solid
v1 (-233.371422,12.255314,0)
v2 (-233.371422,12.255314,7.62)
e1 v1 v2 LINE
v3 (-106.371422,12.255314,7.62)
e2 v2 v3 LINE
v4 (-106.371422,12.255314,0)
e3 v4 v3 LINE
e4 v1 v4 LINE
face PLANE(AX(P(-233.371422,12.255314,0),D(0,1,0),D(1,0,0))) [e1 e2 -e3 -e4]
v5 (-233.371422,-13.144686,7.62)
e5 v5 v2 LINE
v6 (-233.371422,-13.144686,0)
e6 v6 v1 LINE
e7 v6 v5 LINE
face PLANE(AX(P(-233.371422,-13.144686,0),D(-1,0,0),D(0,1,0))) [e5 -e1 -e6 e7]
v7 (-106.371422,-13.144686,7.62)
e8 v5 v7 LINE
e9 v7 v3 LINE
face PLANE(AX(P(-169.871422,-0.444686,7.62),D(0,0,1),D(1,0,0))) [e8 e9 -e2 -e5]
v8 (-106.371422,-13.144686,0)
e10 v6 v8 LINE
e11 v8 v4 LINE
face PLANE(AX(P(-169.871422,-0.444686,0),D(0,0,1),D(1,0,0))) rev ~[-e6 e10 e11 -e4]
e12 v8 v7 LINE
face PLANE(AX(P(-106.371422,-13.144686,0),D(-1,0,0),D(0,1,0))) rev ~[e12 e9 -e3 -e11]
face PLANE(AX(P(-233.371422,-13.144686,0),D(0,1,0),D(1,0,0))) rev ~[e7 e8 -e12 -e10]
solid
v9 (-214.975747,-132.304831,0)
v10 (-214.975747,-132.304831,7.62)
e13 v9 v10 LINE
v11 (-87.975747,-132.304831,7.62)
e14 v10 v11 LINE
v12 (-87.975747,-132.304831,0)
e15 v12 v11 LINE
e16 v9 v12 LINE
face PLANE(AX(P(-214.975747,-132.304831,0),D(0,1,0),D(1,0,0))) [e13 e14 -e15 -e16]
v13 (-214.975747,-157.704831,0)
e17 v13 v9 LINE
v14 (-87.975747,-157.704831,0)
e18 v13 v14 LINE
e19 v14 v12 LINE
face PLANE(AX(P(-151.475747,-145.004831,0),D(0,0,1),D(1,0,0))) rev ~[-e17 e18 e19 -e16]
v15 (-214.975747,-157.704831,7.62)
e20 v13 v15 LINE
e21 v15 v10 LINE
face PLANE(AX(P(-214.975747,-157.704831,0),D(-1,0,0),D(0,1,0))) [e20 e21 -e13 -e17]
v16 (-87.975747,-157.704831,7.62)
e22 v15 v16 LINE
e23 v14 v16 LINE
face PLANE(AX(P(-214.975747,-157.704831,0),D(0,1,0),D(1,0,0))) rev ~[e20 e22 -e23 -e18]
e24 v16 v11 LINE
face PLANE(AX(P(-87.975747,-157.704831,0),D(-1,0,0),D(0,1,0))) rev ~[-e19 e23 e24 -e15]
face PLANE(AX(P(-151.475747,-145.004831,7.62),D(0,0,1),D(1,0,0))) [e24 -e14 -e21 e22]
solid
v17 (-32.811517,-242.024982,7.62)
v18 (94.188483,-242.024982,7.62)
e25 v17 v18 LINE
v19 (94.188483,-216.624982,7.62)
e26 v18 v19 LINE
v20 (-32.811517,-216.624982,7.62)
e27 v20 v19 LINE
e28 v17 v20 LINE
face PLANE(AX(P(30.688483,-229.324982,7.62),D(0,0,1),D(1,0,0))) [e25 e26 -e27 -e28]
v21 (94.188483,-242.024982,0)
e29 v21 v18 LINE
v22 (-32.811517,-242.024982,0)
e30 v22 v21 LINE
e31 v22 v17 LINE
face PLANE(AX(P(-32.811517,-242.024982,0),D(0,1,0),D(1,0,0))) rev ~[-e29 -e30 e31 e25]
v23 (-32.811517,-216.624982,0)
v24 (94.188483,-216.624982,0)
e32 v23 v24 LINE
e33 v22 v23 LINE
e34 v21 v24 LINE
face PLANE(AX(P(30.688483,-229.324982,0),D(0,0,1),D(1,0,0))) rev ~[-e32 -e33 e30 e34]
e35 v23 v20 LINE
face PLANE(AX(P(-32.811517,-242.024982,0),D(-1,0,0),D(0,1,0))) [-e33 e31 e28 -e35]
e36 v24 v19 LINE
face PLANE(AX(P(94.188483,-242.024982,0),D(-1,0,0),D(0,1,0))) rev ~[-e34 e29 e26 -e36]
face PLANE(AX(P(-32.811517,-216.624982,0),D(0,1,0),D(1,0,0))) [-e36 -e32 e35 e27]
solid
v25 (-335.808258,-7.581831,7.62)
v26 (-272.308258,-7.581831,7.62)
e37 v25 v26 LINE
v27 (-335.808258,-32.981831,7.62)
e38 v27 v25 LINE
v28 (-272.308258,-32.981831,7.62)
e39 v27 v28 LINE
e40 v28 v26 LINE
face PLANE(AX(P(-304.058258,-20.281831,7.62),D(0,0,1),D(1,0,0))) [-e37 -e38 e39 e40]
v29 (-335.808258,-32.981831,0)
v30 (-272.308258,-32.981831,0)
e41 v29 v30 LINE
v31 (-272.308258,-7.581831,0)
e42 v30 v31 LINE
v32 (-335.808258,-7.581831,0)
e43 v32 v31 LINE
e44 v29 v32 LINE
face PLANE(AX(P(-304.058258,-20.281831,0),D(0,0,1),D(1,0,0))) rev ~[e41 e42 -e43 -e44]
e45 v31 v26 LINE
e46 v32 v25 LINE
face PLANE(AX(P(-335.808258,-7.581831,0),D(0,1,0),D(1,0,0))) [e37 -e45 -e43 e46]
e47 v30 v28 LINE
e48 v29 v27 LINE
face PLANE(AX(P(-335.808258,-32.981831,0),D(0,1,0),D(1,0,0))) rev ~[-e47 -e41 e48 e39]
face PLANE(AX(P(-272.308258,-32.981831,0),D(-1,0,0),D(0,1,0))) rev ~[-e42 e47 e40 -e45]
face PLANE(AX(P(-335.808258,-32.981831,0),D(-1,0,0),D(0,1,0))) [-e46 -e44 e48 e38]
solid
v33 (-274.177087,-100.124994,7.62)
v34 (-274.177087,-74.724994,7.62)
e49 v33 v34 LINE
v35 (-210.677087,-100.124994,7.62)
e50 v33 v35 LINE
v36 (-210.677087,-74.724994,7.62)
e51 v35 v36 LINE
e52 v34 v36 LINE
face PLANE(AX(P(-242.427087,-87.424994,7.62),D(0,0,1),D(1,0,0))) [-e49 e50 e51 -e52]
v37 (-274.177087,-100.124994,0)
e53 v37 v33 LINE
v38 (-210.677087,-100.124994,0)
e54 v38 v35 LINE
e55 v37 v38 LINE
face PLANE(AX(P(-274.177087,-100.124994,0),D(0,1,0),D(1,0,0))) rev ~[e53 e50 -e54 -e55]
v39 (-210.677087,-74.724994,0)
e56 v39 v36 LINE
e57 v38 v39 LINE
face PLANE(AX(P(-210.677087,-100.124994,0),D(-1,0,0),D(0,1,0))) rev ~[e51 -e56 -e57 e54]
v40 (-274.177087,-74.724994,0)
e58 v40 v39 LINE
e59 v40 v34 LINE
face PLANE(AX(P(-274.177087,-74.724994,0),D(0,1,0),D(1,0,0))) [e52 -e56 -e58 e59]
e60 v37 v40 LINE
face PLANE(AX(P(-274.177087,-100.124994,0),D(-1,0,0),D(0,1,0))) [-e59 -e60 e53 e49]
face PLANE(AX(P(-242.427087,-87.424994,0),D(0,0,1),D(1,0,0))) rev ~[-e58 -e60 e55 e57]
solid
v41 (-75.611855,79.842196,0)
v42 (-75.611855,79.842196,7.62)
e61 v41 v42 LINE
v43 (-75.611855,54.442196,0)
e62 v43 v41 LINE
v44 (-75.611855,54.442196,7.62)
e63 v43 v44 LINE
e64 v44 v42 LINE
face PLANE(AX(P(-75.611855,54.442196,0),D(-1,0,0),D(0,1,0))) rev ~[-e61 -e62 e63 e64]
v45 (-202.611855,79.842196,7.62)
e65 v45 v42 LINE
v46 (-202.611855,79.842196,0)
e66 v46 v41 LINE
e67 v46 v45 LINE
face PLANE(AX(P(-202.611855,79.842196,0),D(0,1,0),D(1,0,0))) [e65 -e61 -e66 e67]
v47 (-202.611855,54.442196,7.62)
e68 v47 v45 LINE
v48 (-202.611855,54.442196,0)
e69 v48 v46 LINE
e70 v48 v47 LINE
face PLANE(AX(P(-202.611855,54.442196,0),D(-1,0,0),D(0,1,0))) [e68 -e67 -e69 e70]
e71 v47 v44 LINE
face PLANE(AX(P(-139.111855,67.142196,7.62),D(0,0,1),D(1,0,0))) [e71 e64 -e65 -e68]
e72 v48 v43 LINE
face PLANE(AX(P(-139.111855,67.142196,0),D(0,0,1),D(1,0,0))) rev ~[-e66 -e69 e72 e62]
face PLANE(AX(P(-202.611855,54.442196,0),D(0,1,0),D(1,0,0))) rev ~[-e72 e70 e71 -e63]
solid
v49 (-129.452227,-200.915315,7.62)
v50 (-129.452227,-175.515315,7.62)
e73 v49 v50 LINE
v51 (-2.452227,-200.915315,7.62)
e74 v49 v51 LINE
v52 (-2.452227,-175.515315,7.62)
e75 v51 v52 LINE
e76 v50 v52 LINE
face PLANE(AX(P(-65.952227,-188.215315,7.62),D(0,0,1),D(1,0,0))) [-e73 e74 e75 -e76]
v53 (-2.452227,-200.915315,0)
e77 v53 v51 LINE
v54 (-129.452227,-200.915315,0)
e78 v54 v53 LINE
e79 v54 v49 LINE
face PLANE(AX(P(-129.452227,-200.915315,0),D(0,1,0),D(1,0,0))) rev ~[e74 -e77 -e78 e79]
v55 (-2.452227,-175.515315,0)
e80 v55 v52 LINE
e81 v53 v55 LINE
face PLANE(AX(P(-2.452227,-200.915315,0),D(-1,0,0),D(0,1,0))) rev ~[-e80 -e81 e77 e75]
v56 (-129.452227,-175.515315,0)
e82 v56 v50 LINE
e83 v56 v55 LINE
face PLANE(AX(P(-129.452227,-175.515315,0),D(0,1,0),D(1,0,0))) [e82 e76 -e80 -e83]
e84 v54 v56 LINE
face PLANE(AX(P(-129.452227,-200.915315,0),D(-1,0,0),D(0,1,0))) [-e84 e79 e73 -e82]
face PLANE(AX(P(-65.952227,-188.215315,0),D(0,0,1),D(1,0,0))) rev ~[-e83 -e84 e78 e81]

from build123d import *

# Parameters (mm, degrees)
F0_W     = 127
F0_H     = 25.4
F1_W     = 127
F1_H     = 25.4
F2_DEPTH = 7.62
F3_W     = 63.5
F3_H     = 25.4
F4_DEPTH = 7.62
F5_W     = 127
F5_H     = 25.4
F6_DEPTH = 7.62
F7_W     = 63.5
F7_H     = 25.4
F8_DEPTH = 7.62


with BuildPart() as f2:
    # F0 (on Top) + F1 (on Top) → F2 (new body)
    with BuildSketch(Plane.XY):
        with Locations((-151.475747, -145.004831)):
            Rectangle(F0_W, F0_H)
    with BuildSketch(Plane.XY):
        with Locations((-65.952227, -188.215315)):
            Rectangle(F1_W, F1_H)
        with Locations((30.688483, -229.324982)):
            Rectangle(F1_W, F1_H)
    extrude(amount=F2_DEPTH)


with BuildPart() as f4:
    # F3 (on Top) → F4 (new body)
    with BuildSketch(Plane.XY):
        with Locations((-242.427087, -87.424994)):
            Rectangle(F3_W, F3_H)
    extrude(amount=F4_DEPTH)


with BuildPart() as f6:
    # F5 (on Top) → F6 (new body)
    with BuildSketch(Plane.XY):
        with Locations((-139.111855, 67.142196)):
            Rectangle(F5_W, F5_H)
        with Locations((-169.871422, -0.444686)):
            Rectangle(F5_W, F5_H)
    extrude(amount=F6_DEPTH)


with BuildPart() as f8:
    # F7 (on Top) → F8 (new body)
    with BuildSketch(Plane.XY):
        with Locations((-304.058258, -20.281831)):
            Rectangle(F7_W, F7_H)
    extrude(amount=F8_DEPTH)


solid = Compound([f2.part, f4.part, f6.part, f8.part])
